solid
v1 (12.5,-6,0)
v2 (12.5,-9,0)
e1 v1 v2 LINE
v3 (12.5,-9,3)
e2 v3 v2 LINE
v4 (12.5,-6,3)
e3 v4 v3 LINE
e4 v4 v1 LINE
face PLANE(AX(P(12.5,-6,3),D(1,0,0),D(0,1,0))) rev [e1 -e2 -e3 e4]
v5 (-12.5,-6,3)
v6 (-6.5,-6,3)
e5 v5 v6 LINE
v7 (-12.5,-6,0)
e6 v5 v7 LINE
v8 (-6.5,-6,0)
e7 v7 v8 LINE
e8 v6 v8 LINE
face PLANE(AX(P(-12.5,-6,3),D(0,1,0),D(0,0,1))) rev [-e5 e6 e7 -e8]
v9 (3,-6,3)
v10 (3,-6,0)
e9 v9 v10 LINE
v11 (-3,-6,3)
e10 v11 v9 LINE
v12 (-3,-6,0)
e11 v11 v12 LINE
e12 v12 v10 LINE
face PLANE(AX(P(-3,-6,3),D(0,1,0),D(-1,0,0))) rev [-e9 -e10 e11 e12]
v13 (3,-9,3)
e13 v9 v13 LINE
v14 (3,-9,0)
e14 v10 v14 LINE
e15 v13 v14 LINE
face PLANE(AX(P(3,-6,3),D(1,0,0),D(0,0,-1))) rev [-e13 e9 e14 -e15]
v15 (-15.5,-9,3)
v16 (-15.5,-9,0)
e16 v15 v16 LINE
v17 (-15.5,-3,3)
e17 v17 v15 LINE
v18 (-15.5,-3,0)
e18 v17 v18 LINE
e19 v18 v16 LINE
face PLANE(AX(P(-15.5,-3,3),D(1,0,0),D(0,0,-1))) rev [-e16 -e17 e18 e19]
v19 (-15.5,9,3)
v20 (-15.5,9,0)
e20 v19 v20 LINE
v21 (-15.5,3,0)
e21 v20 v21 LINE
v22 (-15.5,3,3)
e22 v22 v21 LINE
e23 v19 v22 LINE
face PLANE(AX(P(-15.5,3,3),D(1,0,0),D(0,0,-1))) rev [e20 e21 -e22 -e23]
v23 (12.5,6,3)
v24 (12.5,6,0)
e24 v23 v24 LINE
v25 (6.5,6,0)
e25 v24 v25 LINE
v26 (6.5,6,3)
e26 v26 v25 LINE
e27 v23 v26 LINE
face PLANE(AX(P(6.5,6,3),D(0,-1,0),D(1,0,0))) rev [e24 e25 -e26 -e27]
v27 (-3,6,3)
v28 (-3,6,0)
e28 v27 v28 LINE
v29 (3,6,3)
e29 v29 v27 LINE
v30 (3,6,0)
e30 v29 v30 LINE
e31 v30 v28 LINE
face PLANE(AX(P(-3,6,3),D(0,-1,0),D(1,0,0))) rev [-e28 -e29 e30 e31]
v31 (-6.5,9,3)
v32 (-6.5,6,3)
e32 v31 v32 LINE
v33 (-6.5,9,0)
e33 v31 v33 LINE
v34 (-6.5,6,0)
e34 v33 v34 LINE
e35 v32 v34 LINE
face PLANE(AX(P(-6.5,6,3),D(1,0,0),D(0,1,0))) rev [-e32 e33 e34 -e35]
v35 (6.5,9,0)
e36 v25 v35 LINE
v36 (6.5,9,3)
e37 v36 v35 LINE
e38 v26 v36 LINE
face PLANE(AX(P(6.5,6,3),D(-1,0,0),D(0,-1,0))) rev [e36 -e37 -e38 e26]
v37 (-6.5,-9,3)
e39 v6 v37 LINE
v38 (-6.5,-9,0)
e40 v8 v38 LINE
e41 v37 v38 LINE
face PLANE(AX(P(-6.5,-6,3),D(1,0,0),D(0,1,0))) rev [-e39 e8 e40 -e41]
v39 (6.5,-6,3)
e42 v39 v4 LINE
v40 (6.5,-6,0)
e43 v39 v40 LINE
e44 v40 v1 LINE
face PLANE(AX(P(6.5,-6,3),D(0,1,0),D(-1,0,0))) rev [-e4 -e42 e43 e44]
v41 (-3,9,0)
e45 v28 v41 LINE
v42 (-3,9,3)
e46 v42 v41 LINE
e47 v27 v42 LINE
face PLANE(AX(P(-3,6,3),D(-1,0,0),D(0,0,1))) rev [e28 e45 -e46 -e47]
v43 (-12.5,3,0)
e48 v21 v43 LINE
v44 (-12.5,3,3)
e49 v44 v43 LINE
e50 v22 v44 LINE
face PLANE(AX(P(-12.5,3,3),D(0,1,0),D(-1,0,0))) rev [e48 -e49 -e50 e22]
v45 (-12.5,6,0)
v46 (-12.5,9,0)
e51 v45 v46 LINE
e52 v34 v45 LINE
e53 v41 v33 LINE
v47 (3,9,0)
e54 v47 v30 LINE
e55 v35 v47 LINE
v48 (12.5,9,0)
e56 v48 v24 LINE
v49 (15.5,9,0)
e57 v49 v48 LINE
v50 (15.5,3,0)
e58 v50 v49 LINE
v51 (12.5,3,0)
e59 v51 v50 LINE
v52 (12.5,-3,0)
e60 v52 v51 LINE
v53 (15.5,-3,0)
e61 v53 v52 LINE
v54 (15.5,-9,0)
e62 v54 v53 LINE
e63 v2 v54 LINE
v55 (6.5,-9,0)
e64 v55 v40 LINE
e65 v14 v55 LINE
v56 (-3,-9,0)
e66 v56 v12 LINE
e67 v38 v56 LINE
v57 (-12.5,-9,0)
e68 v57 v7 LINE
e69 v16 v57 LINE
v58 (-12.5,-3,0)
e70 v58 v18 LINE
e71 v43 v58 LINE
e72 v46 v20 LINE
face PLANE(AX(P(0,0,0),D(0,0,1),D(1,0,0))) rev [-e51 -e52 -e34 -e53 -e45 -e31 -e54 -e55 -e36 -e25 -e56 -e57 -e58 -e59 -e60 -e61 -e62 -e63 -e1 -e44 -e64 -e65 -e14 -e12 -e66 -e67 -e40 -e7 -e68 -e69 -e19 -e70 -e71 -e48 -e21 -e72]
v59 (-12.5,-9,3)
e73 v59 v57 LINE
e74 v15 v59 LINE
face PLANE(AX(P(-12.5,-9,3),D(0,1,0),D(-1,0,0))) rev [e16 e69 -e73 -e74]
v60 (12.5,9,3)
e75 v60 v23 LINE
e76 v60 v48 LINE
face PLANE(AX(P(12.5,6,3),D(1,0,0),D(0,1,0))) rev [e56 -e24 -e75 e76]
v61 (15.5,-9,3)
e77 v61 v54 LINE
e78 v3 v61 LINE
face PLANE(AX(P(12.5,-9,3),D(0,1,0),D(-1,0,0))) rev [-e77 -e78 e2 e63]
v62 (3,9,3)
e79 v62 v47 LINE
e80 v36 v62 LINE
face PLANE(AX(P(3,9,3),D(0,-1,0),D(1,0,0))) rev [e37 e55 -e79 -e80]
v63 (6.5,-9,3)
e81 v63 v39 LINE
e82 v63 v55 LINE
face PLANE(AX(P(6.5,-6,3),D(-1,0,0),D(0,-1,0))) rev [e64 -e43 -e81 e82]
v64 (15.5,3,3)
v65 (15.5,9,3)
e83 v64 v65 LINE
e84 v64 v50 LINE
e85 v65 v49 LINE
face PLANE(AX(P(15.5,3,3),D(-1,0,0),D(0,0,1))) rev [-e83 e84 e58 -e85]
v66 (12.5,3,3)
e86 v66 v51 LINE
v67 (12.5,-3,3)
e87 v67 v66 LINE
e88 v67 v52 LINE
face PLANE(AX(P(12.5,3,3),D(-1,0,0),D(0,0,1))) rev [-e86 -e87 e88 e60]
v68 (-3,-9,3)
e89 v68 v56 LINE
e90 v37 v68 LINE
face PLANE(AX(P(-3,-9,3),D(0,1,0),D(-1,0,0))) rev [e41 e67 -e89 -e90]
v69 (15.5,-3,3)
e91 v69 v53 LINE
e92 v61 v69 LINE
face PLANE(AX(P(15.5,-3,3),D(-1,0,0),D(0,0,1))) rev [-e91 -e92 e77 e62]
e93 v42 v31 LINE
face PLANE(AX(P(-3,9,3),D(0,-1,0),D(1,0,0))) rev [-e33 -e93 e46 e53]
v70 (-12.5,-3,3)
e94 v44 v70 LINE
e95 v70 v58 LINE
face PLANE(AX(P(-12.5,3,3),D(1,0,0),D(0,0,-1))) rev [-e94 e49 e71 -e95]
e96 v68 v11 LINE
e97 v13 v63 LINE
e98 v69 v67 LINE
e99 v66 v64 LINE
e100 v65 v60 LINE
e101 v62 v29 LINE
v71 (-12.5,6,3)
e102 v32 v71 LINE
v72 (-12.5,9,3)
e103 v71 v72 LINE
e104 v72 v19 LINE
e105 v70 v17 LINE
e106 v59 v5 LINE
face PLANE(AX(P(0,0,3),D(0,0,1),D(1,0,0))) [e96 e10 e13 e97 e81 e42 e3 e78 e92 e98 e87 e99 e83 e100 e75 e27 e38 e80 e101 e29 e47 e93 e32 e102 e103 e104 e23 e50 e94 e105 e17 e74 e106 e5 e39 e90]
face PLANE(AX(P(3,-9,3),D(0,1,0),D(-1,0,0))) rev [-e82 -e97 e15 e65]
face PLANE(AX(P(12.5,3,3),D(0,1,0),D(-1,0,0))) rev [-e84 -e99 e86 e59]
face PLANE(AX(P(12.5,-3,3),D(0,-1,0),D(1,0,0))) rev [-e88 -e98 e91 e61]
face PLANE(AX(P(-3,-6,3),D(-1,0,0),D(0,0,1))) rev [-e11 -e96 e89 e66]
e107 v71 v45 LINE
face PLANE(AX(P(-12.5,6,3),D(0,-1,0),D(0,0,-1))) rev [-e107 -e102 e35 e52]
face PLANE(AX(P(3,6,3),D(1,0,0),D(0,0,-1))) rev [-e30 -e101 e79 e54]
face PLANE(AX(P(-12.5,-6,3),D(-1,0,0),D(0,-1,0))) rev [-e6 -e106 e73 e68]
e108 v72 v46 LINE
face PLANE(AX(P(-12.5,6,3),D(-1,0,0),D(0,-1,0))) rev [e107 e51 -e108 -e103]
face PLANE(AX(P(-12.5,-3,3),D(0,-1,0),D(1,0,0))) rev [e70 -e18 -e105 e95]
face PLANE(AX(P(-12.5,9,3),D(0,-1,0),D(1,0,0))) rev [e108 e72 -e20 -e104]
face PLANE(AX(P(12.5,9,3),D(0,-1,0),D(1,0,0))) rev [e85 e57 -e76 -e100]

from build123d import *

# Parameters (mm, degrees)
BOSS_EXTRUDE1_DEPTH = 3


with BuildPart() as part:
    # Sketch3 → Boss-Extrude1 (new body)
    with BuildSketch(Plane.XY):
        Polygon((-15.5, 3), (-15.5, 9), (-12.5, 9), (-12.5, 6), (-6.5, 6), (-6.5, 9), (-3, 9), (-3, 6), (3, 6), (3, 9), (6.5, 9), (6.5, 6), (12.5, 6), (12.5, 9), (15.5, 9), (15.5, 3), (12.5, 3), (12.5, -3), (15.5, -3), (15.5, -9), (12.5, -9), (12.5, -6), (6.5, -6), (6.5, -9), (3, -9), (3, -6), (-3, -6), (-3, -9), (-6.5, -9), (-6.5, -6), (-12.5, -6), (-12.5, -9), (-15.5, -9), (-15.5, -3), (-12.5, -3), (-12.5, 3), align=None)
    extrude(amount=BOSS_EXTRUDE1_DEPTH)


solid = part.part
